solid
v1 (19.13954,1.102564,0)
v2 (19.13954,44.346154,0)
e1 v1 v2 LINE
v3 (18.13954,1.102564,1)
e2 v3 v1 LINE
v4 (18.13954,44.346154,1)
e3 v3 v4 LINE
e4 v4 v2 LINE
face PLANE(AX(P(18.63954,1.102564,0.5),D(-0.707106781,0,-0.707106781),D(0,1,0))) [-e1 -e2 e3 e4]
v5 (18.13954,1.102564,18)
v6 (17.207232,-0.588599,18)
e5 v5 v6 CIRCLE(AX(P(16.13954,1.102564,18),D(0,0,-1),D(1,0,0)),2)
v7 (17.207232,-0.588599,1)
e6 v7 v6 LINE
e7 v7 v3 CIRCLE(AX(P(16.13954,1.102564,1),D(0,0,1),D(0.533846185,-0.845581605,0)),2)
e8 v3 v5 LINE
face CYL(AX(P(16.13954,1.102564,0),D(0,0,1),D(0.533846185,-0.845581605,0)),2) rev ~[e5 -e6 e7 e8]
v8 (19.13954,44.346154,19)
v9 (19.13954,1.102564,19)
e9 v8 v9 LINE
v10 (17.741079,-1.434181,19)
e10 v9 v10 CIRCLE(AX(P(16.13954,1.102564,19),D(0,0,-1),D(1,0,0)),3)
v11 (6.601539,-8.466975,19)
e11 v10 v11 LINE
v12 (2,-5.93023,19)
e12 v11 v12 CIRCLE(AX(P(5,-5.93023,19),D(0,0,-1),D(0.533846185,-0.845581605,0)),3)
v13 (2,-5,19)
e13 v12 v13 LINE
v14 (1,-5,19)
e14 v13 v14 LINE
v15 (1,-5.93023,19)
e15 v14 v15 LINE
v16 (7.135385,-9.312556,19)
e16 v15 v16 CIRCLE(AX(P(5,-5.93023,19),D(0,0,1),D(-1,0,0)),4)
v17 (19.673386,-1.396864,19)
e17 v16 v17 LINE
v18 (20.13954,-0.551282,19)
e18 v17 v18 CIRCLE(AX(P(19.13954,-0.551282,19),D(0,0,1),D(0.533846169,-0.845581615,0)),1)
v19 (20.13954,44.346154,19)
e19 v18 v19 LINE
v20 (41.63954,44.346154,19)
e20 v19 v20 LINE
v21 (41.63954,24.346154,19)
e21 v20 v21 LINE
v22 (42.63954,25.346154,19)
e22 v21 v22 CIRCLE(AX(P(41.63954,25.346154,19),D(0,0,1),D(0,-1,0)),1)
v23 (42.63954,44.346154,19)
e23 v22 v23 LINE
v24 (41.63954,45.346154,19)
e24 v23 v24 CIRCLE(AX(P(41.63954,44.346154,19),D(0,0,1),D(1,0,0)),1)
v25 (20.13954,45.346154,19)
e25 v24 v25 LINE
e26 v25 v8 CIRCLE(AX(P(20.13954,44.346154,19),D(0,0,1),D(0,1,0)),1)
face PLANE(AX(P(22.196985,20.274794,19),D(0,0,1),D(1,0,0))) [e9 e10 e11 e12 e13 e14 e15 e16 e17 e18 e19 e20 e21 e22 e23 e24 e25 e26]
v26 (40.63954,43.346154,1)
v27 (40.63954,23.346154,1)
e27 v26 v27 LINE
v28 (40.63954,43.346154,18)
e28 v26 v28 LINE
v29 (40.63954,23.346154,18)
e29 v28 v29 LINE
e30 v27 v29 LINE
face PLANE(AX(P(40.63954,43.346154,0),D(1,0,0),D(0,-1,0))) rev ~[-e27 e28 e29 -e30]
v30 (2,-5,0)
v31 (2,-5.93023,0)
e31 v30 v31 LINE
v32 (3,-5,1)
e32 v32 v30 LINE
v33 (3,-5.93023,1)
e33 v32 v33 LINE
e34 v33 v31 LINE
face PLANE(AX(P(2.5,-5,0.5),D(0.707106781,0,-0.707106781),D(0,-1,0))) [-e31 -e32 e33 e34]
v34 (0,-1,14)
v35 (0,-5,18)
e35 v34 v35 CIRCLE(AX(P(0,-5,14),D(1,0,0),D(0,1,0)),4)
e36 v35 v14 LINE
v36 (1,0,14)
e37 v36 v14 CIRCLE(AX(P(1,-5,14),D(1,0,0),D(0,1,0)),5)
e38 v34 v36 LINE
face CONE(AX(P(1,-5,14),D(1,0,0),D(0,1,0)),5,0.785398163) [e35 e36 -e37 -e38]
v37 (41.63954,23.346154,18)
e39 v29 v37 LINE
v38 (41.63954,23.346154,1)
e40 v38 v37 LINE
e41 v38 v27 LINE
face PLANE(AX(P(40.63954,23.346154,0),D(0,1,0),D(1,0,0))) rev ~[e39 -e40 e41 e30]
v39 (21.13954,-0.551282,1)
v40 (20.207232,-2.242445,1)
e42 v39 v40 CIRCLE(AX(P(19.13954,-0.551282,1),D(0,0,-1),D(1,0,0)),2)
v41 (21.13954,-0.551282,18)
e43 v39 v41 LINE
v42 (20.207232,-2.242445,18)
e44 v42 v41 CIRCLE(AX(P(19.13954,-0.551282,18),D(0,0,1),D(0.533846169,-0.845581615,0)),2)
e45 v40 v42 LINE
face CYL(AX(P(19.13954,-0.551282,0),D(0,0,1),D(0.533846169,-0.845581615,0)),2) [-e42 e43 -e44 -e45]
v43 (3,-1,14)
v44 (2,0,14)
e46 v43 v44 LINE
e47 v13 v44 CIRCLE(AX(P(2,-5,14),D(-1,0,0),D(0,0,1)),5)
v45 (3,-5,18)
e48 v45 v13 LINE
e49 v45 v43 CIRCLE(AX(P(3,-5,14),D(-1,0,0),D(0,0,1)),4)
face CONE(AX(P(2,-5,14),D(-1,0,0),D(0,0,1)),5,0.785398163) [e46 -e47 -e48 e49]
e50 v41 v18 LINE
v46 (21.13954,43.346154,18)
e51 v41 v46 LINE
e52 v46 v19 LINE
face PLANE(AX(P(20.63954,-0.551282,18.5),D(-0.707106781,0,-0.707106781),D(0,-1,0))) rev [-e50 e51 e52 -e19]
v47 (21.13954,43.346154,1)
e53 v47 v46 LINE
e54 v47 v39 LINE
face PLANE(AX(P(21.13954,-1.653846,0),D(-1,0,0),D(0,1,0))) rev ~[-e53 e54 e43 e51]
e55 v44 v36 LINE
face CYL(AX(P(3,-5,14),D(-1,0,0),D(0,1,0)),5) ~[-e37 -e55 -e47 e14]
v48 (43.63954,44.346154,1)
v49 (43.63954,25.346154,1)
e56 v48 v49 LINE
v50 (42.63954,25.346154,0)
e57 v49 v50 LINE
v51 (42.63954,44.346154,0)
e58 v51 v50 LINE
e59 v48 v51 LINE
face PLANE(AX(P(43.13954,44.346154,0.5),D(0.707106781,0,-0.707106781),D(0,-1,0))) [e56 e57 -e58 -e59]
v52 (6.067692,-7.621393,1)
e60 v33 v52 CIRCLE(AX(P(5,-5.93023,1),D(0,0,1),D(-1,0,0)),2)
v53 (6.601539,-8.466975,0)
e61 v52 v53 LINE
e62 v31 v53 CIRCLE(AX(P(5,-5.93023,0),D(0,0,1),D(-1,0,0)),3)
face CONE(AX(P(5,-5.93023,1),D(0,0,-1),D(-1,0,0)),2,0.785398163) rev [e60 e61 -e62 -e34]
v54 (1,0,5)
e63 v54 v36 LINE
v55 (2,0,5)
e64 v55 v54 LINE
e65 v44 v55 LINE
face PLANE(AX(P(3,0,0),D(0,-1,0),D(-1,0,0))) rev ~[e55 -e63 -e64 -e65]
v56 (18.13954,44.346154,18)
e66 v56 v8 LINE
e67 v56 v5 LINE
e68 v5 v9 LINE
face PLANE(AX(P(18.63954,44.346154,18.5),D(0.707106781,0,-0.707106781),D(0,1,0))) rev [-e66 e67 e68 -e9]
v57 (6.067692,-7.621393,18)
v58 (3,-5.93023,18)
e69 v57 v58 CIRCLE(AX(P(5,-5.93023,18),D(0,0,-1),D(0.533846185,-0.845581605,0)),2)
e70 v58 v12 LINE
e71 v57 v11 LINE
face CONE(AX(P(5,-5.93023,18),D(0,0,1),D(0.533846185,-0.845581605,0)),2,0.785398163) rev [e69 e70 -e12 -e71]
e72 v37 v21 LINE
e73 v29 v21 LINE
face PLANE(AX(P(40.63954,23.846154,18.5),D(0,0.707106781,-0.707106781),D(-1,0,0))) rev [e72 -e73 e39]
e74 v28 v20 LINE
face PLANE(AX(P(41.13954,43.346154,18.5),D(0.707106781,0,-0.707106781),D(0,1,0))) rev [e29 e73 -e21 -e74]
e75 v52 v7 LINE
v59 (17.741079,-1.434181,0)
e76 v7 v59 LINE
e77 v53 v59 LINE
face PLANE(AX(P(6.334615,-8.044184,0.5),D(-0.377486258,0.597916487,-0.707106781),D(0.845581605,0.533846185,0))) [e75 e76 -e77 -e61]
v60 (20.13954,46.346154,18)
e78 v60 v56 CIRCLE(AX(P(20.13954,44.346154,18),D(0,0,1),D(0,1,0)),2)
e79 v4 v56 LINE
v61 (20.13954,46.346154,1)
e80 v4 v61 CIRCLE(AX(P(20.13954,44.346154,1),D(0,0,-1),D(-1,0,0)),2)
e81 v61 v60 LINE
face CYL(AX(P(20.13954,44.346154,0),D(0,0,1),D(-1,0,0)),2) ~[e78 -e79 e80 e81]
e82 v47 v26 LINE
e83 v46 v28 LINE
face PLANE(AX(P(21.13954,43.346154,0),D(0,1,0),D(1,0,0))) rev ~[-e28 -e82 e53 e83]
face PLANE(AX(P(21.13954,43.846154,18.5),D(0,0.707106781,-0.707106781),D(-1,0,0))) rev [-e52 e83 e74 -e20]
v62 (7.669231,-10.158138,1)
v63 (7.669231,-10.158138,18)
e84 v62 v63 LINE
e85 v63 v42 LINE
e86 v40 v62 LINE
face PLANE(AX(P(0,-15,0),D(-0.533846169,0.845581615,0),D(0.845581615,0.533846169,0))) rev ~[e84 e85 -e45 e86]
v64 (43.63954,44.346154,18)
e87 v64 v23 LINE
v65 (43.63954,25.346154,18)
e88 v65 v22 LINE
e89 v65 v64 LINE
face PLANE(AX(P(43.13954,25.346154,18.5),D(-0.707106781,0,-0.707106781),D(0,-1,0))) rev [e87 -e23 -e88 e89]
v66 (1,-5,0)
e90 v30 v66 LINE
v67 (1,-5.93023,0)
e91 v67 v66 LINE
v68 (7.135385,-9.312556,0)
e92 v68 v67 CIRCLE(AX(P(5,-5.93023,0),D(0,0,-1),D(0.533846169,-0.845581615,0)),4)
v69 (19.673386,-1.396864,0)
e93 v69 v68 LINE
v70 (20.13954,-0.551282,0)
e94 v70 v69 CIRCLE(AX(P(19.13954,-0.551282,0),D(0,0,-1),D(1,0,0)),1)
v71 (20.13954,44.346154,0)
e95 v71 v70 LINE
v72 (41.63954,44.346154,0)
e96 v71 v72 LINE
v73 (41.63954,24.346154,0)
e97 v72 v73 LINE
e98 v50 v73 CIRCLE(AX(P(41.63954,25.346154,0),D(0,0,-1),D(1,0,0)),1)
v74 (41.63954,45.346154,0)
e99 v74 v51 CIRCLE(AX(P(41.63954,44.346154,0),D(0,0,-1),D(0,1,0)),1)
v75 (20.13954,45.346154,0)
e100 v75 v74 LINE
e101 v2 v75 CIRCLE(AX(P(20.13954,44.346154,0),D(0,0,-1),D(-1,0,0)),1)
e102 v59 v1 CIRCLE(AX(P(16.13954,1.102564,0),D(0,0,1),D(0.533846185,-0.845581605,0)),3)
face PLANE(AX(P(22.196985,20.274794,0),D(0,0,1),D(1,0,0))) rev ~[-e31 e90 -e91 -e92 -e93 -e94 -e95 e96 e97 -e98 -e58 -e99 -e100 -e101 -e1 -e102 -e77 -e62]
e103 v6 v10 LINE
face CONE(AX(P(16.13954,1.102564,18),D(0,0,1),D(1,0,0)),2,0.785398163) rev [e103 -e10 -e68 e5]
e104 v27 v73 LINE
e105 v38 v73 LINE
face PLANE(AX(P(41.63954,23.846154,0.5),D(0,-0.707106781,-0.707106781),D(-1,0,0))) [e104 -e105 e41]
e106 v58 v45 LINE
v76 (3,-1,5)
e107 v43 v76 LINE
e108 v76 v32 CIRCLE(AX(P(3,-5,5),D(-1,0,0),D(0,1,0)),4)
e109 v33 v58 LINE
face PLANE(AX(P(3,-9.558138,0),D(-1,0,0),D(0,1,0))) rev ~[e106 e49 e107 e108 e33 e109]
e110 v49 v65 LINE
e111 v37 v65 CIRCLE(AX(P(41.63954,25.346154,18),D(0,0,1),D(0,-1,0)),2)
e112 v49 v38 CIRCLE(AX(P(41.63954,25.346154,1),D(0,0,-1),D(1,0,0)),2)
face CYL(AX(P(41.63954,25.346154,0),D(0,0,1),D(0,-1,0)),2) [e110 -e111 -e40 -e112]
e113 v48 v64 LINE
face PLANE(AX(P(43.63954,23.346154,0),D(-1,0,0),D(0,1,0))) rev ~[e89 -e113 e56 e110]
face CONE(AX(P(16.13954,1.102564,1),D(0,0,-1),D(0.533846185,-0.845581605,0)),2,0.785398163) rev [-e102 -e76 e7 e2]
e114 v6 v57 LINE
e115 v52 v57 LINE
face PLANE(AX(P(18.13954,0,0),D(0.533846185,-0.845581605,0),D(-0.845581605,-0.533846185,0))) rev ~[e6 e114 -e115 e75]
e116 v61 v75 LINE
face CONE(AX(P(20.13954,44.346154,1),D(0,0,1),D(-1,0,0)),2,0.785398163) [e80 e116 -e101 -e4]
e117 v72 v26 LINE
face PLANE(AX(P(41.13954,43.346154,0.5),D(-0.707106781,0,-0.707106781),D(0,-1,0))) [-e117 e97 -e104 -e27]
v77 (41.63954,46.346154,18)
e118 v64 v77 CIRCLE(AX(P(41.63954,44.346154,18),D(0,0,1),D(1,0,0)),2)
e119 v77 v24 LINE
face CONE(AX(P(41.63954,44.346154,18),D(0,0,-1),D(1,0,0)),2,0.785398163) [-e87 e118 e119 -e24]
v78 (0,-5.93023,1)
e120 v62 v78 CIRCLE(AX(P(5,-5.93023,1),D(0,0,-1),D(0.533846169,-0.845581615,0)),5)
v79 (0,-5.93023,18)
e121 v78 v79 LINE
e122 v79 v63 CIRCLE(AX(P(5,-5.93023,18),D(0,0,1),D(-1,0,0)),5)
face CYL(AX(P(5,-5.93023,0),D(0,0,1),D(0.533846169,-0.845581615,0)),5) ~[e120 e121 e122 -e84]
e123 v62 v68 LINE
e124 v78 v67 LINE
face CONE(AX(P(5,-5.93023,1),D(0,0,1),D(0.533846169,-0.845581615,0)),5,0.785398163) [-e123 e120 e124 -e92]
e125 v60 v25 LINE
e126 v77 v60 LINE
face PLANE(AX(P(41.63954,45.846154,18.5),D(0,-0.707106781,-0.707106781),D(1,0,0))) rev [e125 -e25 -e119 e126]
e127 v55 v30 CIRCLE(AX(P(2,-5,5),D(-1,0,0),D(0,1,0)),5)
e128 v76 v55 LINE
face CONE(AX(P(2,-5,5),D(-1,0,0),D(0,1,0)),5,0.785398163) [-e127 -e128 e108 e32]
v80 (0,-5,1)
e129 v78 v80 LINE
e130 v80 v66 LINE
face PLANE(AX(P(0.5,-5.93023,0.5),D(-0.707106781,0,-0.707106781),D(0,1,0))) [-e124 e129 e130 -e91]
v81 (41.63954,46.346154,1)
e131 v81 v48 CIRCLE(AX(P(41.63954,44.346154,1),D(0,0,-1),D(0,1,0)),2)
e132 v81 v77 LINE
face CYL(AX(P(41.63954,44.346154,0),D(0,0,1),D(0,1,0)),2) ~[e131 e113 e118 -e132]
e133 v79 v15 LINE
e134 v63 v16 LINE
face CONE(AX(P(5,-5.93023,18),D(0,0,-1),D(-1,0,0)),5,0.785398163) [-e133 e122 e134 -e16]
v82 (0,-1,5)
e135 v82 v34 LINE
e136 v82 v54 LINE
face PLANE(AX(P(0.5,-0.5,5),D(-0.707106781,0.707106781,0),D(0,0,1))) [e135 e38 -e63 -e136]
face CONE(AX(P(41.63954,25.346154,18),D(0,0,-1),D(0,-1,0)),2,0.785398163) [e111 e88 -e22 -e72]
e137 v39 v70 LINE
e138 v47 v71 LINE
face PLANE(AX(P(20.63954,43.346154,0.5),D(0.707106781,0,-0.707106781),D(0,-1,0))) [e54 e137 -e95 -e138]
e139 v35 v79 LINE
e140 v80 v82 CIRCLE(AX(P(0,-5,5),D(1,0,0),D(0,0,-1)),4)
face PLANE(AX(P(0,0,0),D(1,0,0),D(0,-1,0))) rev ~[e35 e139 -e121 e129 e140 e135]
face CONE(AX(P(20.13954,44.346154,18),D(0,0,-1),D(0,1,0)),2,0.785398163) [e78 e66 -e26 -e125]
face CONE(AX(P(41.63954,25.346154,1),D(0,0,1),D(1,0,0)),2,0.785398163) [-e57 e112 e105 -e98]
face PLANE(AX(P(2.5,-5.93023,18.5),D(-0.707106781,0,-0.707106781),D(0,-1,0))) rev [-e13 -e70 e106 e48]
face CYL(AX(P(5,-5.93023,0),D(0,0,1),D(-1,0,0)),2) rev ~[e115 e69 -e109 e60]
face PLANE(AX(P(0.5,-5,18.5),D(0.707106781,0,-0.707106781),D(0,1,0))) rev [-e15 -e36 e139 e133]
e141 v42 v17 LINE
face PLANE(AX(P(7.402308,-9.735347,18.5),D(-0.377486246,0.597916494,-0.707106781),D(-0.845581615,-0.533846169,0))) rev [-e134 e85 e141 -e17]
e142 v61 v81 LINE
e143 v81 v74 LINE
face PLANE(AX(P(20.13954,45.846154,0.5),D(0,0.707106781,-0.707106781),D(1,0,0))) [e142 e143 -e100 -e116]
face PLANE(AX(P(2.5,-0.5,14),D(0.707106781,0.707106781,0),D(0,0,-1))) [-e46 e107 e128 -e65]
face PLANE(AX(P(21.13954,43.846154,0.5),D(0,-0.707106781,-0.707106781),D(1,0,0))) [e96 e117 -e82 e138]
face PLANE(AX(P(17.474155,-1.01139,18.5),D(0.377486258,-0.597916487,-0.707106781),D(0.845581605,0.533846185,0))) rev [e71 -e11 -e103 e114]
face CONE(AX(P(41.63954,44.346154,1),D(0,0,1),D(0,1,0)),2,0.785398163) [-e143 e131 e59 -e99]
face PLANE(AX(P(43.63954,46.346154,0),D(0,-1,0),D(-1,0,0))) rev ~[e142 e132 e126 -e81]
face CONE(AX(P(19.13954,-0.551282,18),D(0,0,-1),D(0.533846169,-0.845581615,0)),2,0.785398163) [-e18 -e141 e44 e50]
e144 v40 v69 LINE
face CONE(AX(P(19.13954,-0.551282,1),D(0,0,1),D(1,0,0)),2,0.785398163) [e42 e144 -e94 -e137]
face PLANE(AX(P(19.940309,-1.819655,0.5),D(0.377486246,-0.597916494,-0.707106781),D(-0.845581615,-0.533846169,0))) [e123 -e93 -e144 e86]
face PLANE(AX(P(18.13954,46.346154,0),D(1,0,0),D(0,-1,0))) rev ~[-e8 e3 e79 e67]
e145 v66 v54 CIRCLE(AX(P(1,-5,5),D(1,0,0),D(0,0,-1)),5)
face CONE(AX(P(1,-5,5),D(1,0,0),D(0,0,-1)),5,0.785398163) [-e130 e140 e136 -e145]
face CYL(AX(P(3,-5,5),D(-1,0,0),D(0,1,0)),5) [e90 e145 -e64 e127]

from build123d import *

# Parameters (mm, degrees)
F1_DEPTH = 19
F2_R     = 5
F3_R     = 2
F4_R     = 5
F5_SIZE  = 1


with BuildPart() as f1:
    # F0 (on Top) → F1 (new body)
    with BuildSketch(Plane.XY):
        Polygon((3, 0), (0, 0), (0, -15), (21.13954, -1.653846), (21.13954, 43.346154), (40.63954, 43.346154), (40.63954, 23.346154), (43.63954, 23.346154), (43.63954, 46.346154), (18.13954, 46.346154), (18.13954, 0), (3, -9.558138), align=None)
    extrude(amount=F1_DEPTH)

    # F2
    f2_edges = [f1.edges().sort_by_distance(p)[0] for p in [
        (1.5, 0, 0),
        (1.5, 0, 19),
    ]]
    fillet(f2_edges, radius=F2_R)

    # F3
    f3_edges = [f1.edges().sort_by_distance(p)[0] for p in [
        (18.13954, 46.346154, 9.5),
        (3, -9.558138, 9.5),
        (43.63954, 23.346154, 9.5),
        (18.13954, 0, 9.5),
        (21.13954, -1.653846, 9.5),
        (43.63954, 46.346154, 9.5),
    ]]
    fillet(f3_edges, radius=F3_R)

    # F4
    f4_edges = [f1.edges().sort_by_distance(p)[0] for p in [
        (0, -15, 9.5),
    ]]
    fillet(f4_edges, radius=F4_R)

    # F5
    f5_edges = [f1.edges().sort_by_distance(p)[0] for p in [
        (13.938232, -6.200292, 19),
        (11.637462, -4.104996, 19),
        (30.88954, 43.346154, 0),
        (40.63954, 33.346154, 0),
        (30.88954, 43.346154, 19),
        (40.63954, 33.346154, 19),
    ]]
    chamfer(f5_edges, length=F5_SIZE)


solid = f1.part
